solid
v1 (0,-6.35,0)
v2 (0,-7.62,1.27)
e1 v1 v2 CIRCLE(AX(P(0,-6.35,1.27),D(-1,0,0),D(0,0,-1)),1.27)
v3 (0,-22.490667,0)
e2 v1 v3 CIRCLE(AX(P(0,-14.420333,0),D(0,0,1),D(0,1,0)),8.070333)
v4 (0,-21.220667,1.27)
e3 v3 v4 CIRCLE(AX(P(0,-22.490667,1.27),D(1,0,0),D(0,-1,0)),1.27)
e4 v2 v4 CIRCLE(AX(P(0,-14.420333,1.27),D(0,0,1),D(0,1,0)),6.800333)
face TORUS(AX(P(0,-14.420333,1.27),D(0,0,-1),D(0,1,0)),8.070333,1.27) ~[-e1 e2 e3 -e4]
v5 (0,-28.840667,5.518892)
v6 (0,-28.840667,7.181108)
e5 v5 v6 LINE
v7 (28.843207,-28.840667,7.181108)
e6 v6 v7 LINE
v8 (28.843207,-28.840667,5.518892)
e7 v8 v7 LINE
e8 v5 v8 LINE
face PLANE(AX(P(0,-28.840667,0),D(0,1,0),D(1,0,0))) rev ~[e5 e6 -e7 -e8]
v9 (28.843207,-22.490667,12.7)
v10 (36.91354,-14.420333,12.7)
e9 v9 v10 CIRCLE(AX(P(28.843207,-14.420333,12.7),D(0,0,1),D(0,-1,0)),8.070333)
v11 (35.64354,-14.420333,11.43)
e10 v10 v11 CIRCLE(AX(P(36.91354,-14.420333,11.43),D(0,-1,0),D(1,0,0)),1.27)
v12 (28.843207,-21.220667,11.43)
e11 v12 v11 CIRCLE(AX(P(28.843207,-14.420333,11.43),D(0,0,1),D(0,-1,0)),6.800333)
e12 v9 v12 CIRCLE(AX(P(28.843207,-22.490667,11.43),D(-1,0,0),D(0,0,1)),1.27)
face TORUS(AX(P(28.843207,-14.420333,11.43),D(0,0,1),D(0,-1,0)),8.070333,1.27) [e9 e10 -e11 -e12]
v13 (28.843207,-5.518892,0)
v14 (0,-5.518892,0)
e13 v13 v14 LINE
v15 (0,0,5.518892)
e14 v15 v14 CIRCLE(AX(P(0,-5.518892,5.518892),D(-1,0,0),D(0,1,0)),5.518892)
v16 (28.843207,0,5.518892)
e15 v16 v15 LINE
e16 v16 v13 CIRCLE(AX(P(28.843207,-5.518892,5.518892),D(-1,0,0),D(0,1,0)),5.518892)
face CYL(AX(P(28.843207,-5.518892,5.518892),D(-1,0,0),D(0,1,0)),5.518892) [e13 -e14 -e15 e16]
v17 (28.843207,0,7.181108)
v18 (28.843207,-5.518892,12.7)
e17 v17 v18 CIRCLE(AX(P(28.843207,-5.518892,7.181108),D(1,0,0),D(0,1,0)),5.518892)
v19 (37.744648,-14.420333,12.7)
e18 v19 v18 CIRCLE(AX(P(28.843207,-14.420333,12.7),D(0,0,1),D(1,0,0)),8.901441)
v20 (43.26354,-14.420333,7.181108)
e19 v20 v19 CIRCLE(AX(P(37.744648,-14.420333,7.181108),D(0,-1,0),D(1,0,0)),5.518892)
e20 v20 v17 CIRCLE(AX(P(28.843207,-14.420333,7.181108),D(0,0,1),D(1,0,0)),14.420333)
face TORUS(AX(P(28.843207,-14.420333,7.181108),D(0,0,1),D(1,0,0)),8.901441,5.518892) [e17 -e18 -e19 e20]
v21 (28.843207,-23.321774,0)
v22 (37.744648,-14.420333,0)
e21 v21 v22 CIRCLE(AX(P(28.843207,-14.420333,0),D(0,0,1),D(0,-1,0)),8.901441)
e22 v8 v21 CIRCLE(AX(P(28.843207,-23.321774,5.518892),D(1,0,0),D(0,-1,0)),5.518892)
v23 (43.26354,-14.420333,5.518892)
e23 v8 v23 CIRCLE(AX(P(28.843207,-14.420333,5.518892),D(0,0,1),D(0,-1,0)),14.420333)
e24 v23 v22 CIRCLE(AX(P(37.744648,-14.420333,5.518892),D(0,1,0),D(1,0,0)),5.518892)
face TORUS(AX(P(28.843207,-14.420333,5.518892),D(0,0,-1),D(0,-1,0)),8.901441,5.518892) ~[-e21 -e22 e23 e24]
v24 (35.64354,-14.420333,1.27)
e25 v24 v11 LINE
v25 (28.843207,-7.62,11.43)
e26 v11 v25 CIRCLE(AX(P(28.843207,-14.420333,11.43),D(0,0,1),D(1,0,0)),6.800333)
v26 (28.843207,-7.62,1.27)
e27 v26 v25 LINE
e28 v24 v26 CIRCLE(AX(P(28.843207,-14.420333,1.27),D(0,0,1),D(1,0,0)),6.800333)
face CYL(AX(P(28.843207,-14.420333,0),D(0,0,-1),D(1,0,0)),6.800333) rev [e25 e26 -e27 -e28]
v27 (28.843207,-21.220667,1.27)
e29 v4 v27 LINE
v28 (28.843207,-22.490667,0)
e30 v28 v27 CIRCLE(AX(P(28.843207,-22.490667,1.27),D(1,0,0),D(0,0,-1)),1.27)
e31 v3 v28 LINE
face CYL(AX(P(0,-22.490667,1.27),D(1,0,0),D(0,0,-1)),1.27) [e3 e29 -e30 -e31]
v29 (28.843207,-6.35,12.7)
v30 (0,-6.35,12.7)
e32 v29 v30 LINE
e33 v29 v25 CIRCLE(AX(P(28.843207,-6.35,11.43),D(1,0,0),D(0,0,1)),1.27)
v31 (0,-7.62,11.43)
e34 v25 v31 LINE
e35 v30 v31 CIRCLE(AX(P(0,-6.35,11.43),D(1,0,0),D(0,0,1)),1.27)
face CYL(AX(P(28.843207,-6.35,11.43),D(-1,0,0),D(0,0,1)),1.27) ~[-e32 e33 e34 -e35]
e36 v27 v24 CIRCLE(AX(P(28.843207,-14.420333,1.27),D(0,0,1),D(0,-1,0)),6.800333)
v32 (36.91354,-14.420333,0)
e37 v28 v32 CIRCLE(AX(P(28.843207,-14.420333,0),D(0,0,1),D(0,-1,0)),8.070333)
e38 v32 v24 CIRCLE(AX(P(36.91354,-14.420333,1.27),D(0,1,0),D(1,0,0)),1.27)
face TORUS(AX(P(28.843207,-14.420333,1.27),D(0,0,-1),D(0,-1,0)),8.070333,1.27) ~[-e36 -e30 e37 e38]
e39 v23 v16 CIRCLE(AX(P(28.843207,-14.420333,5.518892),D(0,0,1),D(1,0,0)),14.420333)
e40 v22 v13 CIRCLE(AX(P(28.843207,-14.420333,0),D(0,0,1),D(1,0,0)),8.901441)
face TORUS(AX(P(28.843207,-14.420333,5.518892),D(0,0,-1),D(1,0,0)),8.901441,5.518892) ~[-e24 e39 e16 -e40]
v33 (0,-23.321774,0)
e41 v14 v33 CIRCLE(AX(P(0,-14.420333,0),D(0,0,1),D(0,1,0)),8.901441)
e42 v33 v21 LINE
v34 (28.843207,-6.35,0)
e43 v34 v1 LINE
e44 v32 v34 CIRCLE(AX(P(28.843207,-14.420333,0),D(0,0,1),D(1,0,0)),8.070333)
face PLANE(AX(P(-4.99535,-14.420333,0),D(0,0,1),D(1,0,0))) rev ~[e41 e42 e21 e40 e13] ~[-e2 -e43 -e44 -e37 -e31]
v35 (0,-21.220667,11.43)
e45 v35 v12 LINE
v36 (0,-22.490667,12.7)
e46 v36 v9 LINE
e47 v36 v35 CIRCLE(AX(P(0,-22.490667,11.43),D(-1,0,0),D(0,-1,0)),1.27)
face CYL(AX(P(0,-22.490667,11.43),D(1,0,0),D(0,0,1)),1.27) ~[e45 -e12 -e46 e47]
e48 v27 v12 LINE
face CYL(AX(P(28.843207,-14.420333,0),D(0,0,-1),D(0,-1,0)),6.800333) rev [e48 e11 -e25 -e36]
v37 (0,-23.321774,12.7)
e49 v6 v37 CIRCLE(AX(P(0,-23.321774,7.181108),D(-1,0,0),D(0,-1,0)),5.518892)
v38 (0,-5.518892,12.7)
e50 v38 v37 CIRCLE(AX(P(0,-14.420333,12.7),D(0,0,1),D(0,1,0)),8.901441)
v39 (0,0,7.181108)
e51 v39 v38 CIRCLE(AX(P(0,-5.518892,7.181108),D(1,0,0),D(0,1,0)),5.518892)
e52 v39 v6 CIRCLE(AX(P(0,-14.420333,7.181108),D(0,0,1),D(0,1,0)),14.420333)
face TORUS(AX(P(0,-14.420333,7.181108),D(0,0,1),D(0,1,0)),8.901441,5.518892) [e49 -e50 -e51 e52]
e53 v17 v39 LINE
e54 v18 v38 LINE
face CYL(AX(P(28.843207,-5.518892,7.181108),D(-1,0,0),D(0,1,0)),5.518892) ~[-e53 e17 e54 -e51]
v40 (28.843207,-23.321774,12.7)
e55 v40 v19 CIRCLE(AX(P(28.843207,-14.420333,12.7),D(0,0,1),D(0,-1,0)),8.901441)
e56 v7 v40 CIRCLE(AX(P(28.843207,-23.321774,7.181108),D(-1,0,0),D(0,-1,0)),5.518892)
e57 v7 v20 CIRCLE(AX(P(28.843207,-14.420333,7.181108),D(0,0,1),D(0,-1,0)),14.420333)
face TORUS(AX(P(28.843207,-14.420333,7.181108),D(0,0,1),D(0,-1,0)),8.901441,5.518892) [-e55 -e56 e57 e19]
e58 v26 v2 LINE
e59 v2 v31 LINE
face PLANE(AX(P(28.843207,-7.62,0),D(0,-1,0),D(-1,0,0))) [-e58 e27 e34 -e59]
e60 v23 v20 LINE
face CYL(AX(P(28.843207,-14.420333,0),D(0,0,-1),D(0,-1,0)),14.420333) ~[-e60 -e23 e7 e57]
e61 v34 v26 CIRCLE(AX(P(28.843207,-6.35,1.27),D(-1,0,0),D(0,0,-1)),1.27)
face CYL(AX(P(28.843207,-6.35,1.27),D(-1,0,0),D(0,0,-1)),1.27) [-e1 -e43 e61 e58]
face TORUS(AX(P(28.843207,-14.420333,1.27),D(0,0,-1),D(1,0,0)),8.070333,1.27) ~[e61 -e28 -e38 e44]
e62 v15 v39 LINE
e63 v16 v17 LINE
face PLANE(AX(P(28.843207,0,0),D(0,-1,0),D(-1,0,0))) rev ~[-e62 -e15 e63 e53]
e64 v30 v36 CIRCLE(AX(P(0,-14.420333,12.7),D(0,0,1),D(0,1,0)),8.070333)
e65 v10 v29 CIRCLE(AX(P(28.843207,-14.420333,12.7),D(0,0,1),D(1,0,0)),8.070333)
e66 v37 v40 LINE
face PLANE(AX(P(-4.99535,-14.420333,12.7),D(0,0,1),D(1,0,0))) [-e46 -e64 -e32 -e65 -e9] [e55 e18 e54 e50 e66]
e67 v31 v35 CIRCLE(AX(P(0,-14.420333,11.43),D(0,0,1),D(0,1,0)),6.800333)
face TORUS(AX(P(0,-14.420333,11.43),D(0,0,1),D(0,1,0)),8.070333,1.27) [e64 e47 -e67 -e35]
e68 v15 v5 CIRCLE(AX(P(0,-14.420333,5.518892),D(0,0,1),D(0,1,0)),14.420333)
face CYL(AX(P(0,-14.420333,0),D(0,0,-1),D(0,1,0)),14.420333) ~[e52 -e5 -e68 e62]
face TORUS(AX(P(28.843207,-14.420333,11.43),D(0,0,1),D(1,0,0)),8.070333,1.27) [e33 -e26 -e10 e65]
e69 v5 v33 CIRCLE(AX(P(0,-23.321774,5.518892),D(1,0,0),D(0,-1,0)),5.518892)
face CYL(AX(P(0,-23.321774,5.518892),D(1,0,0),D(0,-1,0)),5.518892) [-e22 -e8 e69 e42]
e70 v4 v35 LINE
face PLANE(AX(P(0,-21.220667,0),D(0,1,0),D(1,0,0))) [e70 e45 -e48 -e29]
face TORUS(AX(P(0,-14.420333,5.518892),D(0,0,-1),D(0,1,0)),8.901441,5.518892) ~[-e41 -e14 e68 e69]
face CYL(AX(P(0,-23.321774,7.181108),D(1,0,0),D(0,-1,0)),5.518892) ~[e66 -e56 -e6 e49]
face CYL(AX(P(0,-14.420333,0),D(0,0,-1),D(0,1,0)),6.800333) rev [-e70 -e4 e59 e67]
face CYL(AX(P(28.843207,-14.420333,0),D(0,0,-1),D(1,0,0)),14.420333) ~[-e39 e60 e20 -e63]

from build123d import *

# Parameters (mm, degrees)
F1_DEPTH = 12.7
F2_T     = -7.62
F3_R     = 5.5188922036
F4_R     = 1.27


with BuildPart() as f1:
    # F0 (on Top) → F1 (new body)
    with BuildSketch(Plane.XY):
        with BuildLine():
            Line((0, -28.8406666368), (0, 0))
            ThreePointArc((0, 0), (-14.4203333184, -14.4203333184), (0, -28.8406666368))
        make_face()
        with BuildLine():
            ThreePointArc((43.2635399552, -14.4203333184), (39.0399221132, -4.223617842), (28.8432066368, 0))
            Line((28.8432066368, 0), (28.8432066368, -28.8406666368))
            ThreePointArc((28.8432066368, -28.8406666368), (39.0399221132, -24.6170487948), (43.2635399552, -14.4203333184))
        make_face()
        with BuildLine():
            Line((28.8432066368, 0), (0, 0))
            ThreePointArc((0, 0), (10.1967154764, -4.223617842), (14.4203333184, -14.4203333184))
            ThreePointArc((14.4203333184, -14.4203333184), (10.1967154764, -24.6170487948), (0, -28.8406666368))
            Line((0, -28.8406666368), (28.8432066368, -28.8406666368))
            ThreePointArc((28.8432066368, -28.8406666368), (14.4228733184, -14.4203333184), (28.8432066368, 0))
        make_face()
        with BuildLine():
            ThreePointArc((14.4203333184, -14.4203333184), (10.1967154764, -4.223617842), (0, 0))
            Line((0, 0), (0, -28.8406666368))
            ThreePointArc((0, -28.8406666368), (10.1967154764, -24.6170487948), (14.4203333184, -14.4203333184))
        make_face()
        with BuildLine():
            Line((28.8432066368, -28.8406666368), (28.8432066368, 0))
            ThreePointArc((28.8432066368, 0), (14.4228733184, -14.4203333184), (28.8432066368, -28.8406666368))
        make_face()
    extrude(amount=F1_DEPTH)

    # F2
    f2_openings = [f1.faces().sort_by_distance(p)[0] for p in [
        (14.421603, -14.420333, 12.7),
        (14.421603, -14.420333, 0),
    ]]
    offset(amount=F2_T, openings=f2_openings)

    # F3
    f3_edges = [f1.edges().sort_by_distance(p)[0] for p in [
        (14.421603, -28.840667, 12.7),
        (14.421603, -28.840667, 0),
    ]]
    fillet(f3_edges, radius=F3_R)

    # F4
    f4_edges = [f1.edges().sort_by_distance(p)[0] for p in [
        (14.421603, -7.62, 0),
        (14.421603, -7.62, 12.7),
    ]]
    fillet(f4_edges, radius=F4_R)


solid = f1.part
